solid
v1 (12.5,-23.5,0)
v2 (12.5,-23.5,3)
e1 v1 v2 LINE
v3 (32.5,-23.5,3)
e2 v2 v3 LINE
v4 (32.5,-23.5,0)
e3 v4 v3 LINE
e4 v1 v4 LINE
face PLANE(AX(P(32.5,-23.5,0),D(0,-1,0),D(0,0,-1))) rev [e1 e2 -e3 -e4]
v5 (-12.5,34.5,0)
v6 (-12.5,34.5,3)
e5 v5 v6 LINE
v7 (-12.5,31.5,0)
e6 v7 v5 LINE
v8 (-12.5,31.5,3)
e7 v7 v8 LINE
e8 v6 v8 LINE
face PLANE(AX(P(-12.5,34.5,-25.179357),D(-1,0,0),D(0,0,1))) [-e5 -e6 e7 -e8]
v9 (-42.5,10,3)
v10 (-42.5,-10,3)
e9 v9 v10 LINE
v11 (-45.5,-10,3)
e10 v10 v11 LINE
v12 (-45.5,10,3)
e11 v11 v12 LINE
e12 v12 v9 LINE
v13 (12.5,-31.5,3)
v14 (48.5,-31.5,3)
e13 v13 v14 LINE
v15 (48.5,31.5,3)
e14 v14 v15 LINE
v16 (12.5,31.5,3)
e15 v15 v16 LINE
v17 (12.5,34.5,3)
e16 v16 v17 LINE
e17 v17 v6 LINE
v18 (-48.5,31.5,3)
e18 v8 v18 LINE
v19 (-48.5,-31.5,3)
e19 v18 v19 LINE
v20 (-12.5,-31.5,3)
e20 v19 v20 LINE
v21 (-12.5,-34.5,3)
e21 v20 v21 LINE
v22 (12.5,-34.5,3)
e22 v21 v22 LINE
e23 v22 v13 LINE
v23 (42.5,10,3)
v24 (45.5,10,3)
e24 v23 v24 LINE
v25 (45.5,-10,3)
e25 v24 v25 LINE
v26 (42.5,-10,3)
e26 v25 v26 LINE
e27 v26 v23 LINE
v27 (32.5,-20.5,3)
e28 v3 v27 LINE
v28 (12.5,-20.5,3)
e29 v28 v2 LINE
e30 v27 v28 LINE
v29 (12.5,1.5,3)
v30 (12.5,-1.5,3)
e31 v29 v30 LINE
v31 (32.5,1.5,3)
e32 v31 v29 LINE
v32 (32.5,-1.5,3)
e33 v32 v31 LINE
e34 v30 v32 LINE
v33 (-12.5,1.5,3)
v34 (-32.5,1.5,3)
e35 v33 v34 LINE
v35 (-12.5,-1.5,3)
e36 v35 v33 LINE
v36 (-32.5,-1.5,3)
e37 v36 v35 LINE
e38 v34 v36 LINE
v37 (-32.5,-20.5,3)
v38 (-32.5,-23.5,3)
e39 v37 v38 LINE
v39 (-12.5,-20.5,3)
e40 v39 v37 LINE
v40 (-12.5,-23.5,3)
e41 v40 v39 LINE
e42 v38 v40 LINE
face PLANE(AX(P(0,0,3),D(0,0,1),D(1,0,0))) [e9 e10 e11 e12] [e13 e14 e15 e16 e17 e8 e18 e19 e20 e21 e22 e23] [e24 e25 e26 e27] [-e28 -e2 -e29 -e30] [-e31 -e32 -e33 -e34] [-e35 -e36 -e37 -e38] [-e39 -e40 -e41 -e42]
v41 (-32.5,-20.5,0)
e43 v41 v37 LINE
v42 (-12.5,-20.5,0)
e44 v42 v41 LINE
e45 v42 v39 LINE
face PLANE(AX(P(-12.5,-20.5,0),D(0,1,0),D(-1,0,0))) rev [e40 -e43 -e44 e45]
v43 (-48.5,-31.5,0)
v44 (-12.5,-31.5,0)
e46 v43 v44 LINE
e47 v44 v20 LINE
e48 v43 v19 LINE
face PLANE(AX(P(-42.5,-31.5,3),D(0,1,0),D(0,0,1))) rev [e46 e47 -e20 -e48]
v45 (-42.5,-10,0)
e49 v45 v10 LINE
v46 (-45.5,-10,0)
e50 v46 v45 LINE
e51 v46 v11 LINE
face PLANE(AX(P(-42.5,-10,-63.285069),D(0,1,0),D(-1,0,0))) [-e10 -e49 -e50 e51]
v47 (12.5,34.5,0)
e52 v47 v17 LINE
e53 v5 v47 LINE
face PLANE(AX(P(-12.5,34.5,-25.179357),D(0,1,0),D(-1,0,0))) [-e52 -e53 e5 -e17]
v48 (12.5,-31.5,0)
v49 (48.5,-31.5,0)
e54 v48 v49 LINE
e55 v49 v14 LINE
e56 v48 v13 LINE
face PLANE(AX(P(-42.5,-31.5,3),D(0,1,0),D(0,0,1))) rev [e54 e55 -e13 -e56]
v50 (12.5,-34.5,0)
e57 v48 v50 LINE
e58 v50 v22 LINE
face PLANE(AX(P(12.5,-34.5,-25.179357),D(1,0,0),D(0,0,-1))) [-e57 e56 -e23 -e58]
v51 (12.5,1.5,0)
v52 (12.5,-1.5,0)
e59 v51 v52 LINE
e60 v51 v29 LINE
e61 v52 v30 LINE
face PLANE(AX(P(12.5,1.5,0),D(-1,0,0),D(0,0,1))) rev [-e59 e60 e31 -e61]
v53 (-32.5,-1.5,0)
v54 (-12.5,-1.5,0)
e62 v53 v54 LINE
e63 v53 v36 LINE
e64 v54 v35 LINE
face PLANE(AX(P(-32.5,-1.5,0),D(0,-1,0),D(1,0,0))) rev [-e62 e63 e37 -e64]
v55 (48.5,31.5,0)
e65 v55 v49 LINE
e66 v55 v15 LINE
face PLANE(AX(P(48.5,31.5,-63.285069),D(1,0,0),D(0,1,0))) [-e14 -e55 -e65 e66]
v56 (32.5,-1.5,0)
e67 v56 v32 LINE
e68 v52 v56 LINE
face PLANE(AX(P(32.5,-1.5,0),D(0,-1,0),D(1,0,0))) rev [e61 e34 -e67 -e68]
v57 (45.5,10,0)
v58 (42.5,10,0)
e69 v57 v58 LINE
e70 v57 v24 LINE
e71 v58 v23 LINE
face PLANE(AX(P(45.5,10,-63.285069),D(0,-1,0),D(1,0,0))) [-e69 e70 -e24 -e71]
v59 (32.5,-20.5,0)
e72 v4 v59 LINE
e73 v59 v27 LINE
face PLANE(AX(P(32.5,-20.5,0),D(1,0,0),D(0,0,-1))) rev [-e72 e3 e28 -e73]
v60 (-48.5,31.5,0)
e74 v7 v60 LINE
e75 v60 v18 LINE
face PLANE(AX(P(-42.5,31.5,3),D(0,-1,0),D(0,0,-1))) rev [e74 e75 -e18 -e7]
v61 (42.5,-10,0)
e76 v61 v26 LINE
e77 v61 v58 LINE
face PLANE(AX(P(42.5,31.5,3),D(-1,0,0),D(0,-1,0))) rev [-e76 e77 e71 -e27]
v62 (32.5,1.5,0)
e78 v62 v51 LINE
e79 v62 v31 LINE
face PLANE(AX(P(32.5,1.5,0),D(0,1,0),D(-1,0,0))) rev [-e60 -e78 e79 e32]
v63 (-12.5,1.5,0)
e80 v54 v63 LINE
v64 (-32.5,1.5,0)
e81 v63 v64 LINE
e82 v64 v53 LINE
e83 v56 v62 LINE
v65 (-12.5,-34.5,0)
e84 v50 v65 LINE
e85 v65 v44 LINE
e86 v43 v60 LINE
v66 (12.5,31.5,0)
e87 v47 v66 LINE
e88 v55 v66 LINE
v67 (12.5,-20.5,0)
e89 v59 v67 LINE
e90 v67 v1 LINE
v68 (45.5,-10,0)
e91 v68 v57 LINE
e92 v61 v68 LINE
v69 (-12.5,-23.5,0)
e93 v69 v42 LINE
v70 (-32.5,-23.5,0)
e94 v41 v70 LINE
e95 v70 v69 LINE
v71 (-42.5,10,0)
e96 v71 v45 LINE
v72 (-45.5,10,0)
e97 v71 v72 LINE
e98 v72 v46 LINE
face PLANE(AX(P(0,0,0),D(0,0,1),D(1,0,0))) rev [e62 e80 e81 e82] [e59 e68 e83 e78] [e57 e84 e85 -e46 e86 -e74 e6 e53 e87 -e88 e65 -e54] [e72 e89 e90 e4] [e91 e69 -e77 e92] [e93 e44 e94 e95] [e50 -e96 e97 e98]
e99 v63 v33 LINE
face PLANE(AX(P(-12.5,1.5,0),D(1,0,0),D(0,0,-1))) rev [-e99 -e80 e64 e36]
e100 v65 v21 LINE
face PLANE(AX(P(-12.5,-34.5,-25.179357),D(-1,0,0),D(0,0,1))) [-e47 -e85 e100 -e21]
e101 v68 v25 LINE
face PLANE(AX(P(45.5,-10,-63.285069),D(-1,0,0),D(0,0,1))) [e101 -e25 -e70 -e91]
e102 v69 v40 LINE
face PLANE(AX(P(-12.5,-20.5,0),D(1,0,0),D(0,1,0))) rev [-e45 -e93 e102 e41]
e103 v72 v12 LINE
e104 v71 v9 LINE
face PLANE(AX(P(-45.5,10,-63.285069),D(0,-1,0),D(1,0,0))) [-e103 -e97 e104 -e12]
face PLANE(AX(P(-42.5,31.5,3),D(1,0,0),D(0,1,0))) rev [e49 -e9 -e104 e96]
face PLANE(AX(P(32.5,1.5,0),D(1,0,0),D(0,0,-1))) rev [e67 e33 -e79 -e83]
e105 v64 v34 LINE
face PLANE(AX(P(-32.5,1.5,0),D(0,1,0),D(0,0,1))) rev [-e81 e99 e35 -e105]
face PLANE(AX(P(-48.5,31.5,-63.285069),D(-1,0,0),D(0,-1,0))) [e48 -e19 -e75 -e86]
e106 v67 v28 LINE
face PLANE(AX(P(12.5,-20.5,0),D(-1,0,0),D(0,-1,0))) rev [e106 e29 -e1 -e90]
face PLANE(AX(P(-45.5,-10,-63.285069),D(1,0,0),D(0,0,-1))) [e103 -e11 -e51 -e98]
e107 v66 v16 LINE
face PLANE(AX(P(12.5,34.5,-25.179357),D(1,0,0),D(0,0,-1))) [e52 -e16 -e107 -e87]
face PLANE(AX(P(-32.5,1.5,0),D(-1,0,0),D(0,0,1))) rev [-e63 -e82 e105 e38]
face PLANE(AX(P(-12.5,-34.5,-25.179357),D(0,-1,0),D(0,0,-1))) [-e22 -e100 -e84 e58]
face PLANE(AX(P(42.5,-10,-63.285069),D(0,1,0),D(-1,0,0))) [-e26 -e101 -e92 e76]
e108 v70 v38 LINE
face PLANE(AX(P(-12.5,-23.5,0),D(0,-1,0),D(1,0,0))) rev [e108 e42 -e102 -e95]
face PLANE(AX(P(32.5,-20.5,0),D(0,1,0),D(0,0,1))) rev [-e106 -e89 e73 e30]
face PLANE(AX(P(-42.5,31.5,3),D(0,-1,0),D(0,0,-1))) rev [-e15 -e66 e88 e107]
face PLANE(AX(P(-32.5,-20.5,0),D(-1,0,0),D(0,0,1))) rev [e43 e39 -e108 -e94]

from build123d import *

# Parameters (mm, degrees)
SKETCH1_W           = 85
SKETCH1_H           = 63
BOSS_EXTRUDE1_DEPTH = 3
SKETCH2_W           = 20
SKETCH2_H           = 3
CUT_EXTRUDE1_DEPTH  = 53.985847167
BOSS_EXTRUDE2_DEPTH = 3
SKETCH4_W           = 25
SKETCH4_H           = 3
BOSS_EXTRUDE3_DEPTH = 3


with BuildPart() as part:
    # Sketch1 → Boss-Extrude1 (new body)
    with BuildSketch(Plane.XY):
        Rectangle(SKETCH1_W, SKETCH1_H)
    extrude(amount=BOSS_EXTRUDE1_DEPTH)

    # Sketch2 → Cut-Extrude1 (cut, through all)
    with BuildSketch(Plane.XY.offset(3)):
        with Locations((-22.5, 0)):
            Rectangle(SKETCH2_W, SKETCH2_H)
        with Locations((22.5, 0)):
            Rectangle(SKETCH2_W, SKETCH2_H)
        with Locations((-22.5, -22)):
            Rectangle(SKETCH2_W, SKETCH2_H)
        with Locations((22.5, -22)):
            Rectangle(SKETCH2_W, SKETCH2_H)
    extrude(amount=-CUT_EXTRUDE1_DEPTH, mode=Mode.SUBTRACT)

    # Sketch3 → Boss-Extrude2 (add)
    with BuildSketch(Plane.XY.offset(3)):
        Polygon((-42.5, 31.5), (-48.5, 31.5), (-48.5, -31.5), (-42.5, -31.5), (-42.5, -10), (-45.5, -10), (-45.5, 10), (-42.5, 10), align=None)
        Polygon((42.5, 10), (42.5, 31.5), (48.5, 31.5), (48.5, -31.5), (42.5, -31.5), (42.5, -10), (45.5, -10), (45.5, 10), align=None)
    extrude(amount=-BOSS_EXTRUDE2_DEPTH)

    # Sketch4 → Boss-Extrude3 (add)
    with BuildSketch(Plane.XY.offset(3)):
        with Locations((0, 33)):
            Rectangle(SKETCH4_W, SKETCH4_H)
        with Locations((0, -33)):
            Rectangle(SKETCH4_W, SKETCH4_H)
    extrude(amount=-BOSS_EXTRUDE3_DEPTH)


solid = part.part
